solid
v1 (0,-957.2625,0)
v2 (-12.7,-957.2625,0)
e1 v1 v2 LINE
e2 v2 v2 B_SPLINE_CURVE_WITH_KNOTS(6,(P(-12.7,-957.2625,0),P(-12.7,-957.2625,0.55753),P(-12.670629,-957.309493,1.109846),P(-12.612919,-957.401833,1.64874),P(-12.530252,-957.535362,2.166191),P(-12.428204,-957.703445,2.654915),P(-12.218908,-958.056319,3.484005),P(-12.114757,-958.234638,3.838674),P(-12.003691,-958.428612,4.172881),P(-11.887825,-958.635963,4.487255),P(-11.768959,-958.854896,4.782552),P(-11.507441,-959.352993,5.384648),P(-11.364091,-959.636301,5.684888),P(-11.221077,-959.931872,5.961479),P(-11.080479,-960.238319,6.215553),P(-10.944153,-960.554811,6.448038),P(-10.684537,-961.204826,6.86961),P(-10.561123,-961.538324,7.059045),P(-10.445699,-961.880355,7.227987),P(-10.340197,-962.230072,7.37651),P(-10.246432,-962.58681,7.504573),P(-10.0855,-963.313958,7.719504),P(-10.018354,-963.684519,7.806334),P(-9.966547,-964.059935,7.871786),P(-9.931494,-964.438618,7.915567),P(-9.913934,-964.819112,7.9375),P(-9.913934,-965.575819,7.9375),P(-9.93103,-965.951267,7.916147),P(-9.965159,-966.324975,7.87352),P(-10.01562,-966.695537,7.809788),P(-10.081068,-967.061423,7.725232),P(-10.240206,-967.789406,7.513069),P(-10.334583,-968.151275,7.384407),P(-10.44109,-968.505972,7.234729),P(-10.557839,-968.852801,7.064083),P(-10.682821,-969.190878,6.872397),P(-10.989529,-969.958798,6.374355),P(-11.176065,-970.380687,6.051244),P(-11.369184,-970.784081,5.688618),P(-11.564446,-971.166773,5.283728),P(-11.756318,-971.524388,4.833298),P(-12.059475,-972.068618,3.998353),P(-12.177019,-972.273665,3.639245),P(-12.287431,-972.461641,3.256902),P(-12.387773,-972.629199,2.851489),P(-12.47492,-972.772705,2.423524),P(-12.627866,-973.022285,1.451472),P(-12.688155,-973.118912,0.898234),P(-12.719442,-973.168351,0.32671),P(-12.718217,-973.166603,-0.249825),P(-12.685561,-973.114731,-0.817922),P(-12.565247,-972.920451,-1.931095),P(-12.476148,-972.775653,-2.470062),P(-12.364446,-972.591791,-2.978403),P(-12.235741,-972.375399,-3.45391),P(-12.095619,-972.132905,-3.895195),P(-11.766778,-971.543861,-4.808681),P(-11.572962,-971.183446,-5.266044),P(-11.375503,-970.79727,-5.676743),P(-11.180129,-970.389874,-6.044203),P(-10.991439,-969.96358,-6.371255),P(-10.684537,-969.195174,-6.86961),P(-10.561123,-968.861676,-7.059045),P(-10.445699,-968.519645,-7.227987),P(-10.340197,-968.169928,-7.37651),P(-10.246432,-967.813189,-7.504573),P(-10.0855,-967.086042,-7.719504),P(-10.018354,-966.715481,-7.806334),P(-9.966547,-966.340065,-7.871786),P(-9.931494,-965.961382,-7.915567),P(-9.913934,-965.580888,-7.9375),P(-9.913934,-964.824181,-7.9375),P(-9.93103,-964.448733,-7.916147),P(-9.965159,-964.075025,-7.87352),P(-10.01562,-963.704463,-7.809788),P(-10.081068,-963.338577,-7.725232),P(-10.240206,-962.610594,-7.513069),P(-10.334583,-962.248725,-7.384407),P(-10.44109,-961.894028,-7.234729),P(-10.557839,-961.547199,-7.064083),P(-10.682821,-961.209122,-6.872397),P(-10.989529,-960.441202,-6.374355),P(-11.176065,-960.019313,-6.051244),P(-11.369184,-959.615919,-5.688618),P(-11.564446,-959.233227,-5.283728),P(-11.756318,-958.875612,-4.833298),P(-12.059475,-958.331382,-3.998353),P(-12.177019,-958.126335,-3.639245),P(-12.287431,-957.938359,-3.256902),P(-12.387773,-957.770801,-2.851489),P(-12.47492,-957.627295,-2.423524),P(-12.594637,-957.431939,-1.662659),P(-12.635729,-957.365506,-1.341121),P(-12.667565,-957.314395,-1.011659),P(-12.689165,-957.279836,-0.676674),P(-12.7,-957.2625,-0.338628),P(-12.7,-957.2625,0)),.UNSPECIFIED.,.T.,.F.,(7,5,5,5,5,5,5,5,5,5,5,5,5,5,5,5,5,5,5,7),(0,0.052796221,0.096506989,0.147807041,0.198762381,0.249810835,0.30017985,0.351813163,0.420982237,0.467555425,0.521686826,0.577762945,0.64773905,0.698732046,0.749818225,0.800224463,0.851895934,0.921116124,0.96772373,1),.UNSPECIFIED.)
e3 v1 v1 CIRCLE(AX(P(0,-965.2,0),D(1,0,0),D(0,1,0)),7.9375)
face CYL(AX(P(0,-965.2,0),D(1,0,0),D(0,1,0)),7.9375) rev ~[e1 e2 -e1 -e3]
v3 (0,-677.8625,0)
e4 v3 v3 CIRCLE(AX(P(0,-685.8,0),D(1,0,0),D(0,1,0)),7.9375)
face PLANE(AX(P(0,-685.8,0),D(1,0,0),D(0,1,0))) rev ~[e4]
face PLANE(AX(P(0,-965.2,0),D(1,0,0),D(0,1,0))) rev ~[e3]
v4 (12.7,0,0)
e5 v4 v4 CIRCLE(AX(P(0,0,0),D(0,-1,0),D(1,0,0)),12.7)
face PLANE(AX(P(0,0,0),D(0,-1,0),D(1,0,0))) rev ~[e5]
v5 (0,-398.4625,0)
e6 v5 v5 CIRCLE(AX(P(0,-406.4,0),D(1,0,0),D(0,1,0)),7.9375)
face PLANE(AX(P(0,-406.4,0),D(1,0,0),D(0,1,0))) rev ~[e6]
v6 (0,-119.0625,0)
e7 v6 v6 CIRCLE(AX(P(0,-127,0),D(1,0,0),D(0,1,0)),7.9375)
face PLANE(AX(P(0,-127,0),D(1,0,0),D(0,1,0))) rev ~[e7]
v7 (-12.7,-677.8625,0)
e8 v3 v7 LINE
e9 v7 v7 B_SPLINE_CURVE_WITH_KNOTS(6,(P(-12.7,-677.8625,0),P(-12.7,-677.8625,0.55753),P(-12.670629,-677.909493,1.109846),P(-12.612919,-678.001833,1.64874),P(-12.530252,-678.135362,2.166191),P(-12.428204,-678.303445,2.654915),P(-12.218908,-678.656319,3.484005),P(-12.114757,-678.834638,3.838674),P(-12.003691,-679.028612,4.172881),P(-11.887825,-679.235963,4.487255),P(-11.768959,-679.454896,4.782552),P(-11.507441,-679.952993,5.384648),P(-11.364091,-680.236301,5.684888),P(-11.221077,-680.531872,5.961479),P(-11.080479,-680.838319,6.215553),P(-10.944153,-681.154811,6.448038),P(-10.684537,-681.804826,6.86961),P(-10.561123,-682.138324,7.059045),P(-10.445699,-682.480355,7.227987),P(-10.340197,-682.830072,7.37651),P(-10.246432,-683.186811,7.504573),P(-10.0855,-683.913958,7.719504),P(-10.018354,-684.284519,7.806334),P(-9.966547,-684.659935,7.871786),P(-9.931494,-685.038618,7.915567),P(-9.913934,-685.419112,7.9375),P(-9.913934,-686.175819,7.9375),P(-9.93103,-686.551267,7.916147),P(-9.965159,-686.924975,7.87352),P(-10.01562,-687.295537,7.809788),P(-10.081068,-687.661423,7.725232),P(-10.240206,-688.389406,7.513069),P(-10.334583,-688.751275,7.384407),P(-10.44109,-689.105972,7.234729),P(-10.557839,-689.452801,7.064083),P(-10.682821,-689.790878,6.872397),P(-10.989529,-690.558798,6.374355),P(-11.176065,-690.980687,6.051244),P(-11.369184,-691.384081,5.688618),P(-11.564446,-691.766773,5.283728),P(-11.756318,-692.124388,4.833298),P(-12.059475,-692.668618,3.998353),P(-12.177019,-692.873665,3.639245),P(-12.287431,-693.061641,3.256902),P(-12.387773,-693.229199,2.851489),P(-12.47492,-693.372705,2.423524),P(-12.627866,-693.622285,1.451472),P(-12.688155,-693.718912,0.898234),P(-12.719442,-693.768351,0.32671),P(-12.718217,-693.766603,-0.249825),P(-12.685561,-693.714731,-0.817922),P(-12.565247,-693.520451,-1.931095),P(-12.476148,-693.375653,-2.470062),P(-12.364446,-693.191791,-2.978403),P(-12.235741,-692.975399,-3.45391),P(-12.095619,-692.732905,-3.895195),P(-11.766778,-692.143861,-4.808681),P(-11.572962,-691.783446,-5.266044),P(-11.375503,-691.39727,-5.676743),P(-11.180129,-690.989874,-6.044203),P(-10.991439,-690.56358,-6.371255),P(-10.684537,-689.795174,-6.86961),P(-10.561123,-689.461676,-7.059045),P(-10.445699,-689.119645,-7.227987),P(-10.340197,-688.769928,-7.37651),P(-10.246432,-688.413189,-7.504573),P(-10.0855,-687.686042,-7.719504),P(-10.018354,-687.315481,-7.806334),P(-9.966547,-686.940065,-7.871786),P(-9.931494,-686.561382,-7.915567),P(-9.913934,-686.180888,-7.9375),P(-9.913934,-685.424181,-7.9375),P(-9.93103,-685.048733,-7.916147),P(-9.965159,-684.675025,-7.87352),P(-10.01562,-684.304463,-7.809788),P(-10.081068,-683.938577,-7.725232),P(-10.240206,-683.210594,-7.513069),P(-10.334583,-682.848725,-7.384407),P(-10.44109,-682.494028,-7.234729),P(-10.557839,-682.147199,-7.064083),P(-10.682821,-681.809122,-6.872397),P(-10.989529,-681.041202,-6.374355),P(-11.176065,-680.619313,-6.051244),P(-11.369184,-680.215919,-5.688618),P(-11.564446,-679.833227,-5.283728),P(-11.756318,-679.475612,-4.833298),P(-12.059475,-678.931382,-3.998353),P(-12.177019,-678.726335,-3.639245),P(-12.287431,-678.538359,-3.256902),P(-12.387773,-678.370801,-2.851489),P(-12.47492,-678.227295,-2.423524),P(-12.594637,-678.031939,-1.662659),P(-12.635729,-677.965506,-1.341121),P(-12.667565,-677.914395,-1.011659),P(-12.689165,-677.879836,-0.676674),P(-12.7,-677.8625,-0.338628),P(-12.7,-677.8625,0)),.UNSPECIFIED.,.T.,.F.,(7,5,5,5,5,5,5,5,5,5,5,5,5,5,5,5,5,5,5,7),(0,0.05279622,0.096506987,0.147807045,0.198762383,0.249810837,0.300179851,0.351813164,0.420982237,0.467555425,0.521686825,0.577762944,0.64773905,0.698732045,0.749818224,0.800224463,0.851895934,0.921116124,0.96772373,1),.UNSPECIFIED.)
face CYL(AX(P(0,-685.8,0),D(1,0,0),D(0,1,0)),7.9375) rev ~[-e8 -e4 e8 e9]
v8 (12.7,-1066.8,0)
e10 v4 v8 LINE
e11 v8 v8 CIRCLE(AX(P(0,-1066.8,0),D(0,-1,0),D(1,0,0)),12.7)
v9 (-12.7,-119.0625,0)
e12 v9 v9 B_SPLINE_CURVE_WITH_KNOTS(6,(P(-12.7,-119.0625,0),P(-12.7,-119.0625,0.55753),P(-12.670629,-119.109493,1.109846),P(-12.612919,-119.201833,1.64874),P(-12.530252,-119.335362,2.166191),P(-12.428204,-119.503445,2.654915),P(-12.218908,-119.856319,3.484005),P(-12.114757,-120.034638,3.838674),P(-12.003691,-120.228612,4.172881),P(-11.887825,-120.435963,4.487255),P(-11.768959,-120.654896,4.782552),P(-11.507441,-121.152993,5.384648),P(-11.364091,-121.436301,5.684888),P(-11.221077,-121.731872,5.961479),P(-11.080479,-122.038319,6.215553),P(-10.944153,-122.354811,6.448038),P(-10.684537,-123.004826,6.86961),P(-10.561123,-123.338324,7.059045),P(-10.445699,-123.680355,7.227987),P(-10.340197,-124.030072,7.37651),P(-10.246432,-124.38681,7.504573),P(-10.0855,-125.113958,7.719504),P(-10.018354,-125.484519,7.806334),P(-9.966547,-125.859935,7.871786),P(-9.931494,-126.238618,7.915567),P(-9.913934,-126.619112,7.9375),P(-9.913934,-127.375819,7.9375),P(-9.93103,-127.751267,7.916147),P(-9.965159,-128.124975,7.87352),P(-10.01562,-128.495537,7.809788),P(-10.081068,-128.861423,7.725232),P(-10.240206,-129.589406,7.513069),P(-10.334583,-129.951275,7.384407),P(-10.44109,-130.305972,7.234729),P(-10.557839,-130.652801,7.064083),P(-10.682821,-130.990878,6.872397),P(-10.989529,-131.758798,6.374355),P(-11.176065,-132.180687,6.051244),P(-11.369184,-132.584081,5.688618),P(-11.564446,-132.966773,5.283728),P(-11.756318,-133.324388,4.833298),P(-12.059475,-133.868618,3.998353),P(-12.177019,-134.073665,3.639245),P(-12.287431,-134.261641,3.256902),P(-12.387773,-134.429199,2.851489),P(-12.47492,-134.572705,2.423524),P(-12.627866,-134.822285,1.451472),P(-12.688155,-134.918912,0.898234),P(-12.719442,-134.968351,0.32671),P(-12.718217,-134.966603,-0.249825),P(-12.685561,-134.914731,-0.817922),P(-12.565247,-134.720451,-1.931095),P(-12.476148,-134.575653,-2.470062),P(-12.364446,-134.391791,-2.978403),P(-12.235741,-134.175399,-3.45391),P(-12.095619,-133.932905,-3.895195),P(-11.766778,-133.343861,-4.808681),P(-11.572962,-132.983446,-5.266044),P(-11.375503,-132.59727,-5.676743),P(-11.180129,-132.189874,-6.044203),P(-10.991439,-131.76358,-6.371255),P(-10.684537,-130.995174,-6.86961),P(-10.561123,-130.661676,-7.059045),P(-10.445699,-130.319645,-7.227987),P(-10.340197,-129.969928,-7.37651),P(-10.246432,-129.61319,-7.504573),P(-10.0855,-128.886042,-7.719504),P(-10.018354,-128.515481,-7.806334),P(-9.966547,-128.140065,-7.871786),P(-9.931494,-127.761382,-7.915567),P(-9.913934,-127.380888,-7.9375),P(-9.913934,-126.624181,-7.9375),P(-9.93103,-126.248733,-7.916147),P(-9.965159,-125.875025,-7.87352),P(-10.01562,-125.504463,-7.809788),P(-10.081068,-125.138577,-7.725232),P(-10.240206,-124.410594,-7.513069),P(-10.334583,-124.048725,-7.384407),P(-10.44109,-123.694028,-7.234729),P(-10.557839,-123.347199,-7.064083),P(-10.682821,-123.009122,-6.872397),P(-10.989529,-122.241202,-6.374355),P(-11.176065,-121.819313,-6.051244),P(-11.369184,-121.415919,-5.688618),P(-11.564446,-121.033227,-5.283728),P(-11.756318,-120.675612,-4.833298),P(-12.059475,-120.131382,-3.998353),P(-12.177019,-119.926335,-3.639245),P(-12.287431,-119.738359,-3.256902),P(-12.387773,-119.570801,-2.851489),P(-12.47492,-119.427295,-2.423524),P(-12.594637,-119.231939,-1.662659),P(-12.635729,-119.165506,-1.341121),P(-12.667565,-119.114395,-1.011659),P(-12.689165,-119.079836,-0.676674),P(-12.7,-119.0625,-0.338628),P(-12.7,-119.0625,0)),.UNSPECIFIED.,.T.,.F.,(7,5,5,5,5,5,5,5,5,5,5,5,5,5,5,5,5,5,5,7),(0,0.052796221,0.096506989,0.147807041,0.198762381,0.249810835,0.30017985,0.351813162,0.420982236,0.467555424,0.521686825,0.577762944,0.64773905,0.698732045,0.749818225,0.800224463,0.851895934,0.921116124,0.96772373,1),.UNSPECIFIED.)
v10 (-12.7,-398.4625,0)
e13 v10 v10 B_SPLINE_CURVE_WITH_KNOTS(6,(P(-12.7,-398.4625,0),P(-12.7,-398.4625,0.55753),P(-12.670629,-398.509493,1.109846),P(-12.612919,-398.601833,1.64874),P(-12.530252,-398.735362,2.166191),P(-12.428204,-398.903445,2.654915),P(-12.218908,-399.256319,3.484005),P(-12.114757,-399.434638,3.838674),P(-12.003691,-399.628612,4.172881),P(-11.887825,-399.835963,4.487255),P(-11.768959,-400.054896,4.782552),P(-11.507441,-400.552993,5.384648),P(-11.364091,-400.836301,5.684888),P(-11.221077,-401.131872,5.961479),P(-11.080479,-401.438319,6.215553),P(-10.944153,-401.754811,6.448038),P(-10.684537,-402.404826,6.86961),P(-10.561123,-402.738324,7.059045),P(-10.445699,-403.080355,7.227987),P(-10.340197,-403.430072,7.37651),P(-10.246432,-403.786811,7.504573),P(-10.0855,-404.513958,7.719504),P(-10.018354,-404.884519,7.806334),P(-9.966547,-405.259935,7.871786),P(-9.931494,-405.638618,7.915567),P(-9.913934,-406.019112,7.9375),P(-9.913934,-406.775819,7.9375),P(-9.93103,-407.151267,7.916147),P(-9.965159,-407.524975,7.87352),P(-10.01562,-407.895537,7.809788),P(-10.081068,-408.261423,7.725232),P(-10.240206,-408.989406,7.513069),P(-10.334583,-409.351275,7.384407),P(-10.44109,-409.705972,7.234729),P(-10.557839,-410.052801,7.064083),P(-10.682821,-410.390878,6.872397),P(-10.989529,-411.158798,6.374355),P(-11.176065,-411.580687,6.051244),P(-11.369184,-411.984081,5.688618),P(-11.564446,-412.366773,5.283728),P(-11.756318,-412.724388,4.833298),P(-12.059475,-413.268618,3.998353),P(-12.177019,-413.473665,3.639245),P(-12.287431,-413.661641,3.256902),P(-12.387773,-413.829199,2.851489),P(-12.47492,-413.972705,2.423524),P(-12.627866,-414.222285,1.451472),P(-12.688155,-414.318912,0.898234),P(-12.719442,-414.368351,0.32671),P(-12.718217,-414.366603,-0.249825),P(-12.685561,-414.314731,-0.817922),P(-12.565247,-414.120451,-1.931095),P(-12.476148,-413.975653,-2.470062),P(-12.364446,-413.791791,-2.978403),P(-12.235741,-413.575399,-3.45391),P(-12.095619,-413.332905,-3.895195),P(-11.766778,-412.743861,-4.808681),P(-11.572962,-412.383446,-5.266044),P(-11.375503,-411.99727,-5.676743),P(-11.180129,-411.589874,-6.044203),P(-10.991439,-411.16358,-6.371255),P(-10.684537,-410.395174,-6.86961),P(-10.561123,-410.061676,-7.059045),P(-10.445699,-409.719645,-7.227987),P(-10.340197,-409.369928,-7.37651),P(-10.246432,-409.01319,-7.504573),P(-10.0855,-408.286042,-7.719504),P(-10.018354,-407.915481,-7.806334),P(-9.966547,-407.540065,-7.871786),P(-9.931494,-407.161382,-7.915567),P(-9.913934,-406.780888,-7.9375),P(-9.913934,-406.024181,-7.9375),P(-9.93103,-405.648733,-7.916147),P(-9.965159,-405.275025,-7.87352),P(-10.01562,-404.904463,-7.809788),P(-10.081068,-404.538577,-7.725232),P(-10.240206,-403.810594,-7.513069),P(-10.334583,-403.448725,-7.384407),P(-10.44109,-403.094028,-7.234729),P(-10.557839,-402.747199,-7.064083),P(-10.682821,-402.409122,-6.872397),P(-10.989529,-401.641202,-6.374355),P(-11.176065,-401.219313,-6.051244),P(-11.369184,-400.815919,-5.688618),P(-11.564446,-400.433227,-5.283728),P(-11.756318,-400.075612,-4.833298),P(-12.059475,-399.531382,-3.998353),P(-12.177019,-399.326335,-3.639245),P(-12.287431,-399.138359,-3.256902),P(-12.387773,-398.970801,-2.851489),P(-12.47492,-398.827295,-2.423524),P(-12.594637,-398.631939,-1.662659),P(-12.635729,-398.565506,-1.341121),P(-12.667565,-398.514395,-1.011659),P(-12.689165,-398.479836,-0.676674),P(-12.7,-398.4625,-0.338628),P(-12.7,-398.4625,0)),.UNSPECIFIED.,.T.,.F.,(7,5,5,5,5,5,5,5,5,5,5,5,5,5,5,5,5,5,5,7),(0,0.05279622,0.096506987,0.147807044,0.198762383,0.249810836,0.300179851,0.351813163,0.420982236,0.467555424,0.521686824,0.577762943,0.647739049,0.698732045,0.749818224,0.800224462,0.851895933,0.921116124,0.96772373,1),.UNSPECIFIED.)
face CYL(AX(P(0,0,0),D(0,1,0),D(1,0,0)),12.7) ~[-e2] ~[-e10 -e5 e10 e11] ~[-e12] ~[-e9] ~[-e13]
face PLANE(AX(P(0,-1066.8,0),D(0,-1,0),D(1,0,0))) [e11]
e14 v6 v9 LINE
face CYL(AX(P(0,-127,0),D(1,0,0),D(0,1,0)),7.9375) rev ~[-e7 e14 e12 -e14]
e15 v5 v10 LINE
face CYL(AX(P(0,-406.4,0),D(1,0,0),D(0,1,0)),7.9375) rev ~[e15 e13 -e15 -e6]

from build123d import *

# Parameters (mm, degrees)
F0_R     = 12.7
F1_DEPTH = 1066.8
F2_R     = 7.9375
F3_DEPTH = 25.4


with BuildPart() as f1:
    # F0 (on Front) → F1 (new body)
    with BuildSketch(Plane.XZ):
        Circle(F0_R)
    extrude(amount=F1_DEPTH)

    # F2 (on Right) → F3 (cut)
    with BuildSketch(Plane.YZ):
        with Locations((-406.4, 0)):
            Circle(F2_R)
        with Locations((-685.8, 0)):
            Circle(F2_R)
        with Locations((-965.2, 0)):
            Circle(F2_R)
        with Locations((-127, 0)):
            Circle(F2_R)
    extrude(amount=-F3_DEPTH, mode=Mode.SUBTRACT)


solid = f1.part
